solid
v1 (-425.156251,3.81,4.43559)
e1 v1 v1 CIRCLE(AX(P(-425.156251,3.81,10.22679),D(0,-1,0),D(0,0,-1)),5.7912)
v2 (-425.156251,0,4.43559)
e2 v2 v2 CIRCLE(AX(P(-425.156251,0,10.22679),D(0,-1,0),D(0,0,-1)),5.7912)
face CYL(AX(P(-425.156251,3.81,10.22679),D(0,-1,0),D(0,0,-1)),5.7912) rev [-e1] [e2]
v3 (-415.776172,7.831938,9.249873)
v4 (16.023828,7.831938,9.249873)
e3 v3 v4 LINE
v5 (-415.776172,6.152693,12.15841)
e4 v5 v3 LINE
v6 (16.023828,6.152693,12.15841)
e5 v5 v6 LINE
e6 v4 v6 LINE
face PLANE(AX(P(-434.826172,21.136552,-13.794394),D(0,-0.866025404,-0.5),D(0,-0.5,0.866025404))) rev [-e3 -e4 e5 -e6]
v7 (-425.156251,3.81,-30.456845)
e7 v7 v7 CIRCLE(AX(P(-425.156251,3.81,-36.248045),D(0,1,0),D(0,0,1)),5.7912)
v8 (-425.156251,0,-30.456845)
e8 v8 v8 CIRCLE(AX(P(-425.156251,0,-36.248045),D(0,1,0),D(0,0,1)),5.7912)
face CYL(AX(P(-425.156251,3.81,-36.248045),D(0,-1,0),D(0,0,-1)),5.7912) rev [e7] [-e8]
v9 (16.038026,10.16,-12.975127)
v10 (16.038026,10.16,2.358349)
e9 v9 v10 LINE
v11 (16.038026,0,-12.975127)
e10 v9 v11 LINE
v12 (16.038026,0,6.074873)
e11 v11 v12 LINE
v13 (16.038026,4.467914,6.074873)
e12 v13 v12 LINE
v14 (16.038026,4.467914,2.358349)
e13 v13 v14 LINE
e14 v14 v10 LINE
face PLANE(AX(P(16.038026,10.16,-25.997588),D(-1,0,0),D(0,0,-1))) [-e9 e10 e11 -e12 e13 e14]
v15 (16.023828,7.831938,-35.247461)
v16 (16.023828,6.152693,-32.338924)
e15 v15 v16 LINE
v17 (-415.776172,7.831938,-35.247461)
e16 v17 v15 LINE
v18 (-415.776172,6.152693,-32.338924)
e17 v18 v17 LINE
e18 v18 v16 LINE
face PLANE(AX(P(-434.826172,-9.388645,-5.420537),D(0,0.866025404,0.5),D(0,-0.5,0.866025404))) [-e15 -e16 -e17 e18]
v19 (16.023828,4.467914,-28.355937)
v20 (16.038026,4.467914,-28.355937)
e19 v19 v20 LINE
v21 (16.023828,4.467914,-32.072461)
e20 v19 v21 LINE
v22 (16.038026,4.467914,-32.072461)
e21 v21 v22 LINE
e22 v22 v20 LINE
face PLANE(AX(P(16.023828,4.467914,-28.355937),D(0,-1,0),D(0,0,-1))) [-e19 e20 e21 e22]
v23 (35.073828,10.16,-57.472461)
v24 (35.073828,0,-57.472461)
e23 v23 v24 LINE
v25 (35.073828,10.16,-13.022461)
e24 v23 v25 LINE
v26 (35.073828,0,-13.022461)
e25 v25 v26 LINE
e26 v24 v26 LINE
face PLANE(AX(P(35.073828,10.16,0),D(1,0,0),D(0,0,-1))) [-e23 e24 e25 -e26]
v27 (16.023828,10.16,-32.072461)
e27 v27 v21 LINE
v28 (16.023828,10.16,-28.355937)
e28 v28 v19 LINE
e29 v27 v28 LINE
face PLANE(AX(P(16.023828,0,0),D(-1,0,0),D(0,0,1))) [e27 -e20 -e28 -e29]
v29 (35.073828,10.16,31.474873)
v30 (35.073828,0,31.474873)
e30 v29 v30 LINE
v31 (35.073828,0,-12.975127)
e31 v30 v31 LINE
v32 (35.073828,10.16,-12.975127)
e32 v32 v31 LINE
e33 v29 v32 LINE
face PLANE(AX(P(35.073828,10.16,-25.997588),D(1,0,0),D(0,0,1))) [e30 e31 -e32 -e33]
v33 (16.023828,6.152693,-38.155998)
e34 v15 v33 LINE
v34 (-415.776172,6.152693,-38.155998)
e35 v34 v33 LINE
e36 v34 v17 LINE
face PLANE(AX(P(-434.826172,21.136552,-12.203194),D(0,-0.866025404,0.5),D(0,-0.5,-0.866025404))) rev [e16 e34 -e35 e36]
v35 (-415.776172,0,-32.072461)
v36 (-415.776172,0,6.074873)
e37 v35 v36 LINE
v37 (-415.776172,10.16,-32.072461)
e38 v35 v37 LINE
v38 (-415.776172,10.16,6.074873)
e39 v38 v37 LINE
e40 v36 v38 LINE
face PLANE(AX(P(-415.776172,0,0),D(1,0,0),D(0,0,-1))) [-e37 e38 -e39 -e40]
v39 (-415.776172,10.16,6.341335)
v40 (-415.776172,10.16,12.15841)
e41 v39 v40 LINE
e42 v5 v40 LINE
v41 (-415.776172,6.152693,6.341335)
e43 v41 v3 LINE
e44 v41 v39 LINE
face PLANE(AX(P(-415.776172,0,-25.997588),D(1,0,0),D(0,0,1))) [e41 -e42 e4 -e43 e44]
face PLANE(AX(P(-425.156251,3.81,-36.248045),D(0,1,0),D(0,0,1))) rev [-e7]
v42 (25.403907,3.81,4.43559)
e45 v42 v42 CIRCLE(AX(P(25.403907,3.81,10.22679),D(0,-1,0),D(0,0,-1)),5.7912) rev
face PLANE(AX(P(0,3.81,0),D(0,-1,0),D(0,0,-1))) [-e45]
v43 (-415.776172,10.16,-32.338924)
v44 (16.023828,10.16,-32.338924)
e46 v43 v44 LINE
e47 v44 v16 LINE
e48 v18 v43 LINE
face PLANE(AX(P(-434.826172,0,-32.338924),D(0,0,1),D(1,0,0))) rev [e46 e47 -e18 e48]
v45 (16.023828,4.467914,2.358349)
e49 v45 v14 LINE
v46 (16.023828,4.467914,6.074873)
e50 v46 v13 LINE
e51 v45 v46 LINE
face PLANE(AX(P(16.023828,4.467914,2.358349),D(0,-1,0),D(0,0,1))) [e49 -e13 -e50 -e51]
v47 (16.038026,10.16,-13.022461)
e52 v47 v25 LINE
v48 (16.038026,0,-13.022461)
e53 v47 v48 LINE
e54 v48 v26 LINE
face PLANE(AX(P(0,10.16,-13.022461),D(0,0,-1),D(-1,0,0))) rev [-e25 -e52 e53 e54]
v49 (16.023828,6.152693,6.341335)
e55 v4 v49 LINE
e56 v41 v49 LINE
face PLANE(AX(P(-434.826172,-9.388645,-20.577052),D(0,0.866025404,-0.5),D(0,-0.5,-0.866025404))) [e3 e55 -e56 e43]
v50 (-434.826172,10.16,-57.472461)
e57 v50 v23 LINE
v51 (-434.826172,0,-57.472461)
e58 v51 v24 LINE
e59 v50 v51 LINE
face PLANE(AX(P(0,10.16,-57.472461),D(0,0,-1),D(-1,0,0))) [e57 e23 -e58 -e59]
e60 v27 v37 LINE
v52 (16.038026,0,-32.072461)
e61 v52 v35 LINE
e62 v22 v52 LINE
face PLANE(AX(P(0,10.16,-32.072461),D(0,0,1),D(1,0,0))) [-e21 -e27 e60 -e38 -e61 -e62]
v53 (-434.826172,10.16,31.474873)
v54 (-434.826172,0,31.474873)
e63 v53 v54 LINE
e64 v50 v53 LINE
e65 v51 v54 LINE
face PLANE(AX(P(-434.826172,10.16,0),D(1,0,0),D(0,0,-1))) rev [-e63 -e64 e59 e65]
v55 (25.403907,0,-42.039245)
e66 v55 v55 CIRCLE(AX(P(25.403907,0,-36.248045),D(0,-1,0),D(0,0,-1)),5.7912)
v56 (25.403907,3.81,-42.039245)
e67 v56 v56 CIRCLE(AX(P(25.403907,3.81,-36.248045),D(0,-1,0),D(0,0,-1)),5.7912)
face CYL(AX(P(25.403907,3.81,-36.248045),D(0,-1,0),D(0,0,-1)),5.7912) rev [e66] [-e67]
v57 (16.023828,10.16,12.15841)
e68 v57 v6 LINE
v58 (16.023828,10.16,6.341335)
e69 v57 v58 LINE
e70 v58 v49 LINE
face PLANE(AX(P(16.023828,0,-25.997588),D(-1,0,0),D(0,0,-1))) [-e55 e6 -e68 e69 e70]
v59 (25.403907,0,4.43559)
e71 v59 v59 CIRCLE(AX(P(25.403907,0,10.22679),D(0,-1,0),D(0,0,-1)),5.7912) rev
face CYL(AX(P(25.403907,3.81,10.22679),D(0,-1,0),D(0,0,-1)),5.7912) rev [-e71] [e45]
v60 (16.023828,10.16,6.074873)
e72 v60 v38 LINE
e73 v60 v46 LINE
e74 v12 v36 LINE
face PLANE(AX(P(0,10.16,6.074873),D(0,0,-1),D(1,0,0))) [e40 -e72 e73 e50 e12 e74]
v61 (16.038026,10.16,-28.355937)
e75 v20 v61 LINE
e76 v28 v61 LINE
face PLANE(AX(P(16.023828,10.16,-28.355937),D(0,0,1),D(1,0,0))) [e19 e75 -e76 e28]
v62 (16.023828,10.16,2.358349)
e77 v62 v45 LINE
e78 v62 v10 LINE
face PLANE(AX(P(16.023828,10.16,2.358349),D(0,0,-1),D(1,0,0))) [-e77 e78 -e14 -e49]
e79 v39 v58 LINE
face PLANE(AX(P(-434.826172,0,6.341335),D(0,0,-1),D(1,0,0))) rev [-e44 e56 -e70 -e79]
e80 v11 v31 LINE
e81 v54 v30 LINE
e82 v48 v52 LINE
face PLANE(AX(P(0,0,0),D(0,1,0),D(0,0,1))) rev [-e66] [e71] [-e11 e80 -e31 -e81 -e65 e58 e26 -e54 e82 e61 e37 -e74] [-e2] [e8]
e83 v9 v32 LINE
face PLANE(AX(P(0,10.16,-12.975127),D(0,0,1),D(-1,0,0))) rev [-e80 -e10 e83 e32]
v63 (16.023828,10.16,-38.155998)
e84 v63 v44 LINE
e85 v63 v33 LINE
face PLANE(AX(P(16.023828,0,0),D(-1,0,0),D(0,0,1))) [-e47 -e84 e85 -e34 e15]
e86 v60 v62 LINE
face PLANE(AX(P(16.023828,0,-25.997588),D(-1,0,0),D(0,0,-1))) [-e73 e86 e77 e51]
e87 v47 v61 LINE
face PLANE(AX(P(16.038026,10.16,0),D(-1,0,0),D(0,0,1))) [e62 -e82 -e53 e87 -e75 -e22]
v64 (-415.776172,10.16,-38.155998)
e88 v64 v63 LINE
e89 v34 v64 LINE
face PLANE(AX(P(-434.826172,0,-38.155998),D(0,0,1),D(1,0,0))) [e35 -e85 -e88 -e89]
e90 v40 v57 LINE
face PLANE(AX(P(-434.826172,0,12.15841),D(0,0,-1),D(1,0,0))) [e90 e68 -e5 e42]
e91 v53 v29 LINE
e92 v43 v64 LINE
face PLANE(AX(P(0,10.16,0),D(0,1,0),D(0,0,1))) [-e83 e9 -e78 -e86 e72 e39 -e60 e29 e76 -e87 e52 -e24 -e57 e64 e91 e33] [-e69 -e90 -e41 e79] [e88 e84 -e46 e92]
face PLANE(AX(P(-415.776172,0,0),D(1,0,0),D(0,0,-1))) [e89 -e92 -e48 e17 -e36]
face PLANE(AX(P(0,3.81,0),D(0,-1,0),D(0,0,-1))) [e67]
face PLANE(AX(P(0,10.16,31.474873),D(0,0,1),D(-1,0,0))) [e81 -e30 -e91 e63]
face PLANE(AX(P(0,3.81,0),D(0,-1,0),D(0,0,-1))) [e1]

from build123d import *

# Parameters (mm, degrees)
BOSS_EXTRUDE1_DEPTH = 10.16
CUT_EXTRUDE1_DEPTH  = 469.9
SKETCH7_W           = 12.402912868
SKETCH7_H           = 5.692085864
BOSS_EXTRUDE2_DEPTH = 19.05
SKETCH8_W           = 44.473666897
SKETCH8_H           = 10.16
BOSS_EXTRUDE3_DEPTH = 19.05
SKETCH11_R          = 5.7912
CUT_EXTRUDE2_DEPTH  = 3.81


with BuildPart() as part:
    # Sketch1 → Boss-Extrude1 (new body)
    with BuildSketch(Plane(origin=(0, 0, 0), x_dir=(1, 0, 0), z_dir=(0, 1, 0))):
        Polygon((16.038025544, 57.472460937), (-434.826171875, 57.472460937), (-434.826171875, 13.022460937), (-415.790369294, 13.022460937), (-415.790369294, 32.072460937), (16.038025544, 32.072460938), align=None)
        Polygon((35.073828125, 57.472460938), (16.038025544, 57.472460937), (16.038025544, 32.072460938), (16.038025544, 13.022460938), (35.073828125, 13.022460938), align=None)
    extrude(amount=BOSS_EXTRUDE1_DEPTH)

    # Sketch3 → Cut-Extrude1 (cut)
    with BuildSketch(Plane(origin=(35.073828125, 0, 0), x_dir=(0, 0, -1), z_dir=(1, 0, 0))):
        Polygon((38.155998325, 6.152693314), (38.155998325, 10.16), (32.33892355, 10.16), (32.33892355, 6.152693314), (35.247460938, 7.831938158), align=None)
    extrude(amount=-CUT_EXTRUDE1_DEPTH, mode=Mode.SUBTRACT)

    # Sketch7 → Boss-Extrude2 (add)
    with BuildSketch(Plane(origin=(35.073828125, 0, 0), x_dir=(0, 0, -1), z_dir=(1, 0, 0))):
        with Locations((34.557393907, 7.313957068)):
            Rectangle(SKETCH7_W, SKETCH7_H)
    extrude(amount=-BOSS_EXTRUDE2_DEPTH)

    # Sketch8 → Boss-Extrude3 (add)
    with BuildSketch(Plane.ZY.offset(434.826171875)):
        with Locations((-35.23562749, 5.08)):
            Rectangle(SKETCH8_W, SKETCH8_H)
    extrude(amount=-BOSS_EXTRUDE3_DEPTH)

    # Mirror1: part across plane


with BuildPart() as part_1:
    add(part.part)
    add(part.part.mirror(Plane(origin=(-415.776171875, 10.16, -12.998794041), x_dir=(1, 0, 0), z_dir=(0, 0, 1))))

    # Sketch11 → Cut-Extrude2 (cut)
    with BuildSketch(Plane.XZ):
        with Locations((-425.156251148, 10.226790326)):
            Circle(SKETCH11_R)
        with Locations((25.403907398, -36.248045304)):
            Circle(SKETCH11_R)
        with Locations((25.403907398, 10.226790326)):
            Circle(SKETCH11_R)
        with Locations((-425.156251148, -36.248045304)):
            Circle(SKETCH11_R)
    extrude(amount=-CUT_EXTRUDE2_DEPTH, mode=Mode.SUBTRACT)


solid = part_1.part
